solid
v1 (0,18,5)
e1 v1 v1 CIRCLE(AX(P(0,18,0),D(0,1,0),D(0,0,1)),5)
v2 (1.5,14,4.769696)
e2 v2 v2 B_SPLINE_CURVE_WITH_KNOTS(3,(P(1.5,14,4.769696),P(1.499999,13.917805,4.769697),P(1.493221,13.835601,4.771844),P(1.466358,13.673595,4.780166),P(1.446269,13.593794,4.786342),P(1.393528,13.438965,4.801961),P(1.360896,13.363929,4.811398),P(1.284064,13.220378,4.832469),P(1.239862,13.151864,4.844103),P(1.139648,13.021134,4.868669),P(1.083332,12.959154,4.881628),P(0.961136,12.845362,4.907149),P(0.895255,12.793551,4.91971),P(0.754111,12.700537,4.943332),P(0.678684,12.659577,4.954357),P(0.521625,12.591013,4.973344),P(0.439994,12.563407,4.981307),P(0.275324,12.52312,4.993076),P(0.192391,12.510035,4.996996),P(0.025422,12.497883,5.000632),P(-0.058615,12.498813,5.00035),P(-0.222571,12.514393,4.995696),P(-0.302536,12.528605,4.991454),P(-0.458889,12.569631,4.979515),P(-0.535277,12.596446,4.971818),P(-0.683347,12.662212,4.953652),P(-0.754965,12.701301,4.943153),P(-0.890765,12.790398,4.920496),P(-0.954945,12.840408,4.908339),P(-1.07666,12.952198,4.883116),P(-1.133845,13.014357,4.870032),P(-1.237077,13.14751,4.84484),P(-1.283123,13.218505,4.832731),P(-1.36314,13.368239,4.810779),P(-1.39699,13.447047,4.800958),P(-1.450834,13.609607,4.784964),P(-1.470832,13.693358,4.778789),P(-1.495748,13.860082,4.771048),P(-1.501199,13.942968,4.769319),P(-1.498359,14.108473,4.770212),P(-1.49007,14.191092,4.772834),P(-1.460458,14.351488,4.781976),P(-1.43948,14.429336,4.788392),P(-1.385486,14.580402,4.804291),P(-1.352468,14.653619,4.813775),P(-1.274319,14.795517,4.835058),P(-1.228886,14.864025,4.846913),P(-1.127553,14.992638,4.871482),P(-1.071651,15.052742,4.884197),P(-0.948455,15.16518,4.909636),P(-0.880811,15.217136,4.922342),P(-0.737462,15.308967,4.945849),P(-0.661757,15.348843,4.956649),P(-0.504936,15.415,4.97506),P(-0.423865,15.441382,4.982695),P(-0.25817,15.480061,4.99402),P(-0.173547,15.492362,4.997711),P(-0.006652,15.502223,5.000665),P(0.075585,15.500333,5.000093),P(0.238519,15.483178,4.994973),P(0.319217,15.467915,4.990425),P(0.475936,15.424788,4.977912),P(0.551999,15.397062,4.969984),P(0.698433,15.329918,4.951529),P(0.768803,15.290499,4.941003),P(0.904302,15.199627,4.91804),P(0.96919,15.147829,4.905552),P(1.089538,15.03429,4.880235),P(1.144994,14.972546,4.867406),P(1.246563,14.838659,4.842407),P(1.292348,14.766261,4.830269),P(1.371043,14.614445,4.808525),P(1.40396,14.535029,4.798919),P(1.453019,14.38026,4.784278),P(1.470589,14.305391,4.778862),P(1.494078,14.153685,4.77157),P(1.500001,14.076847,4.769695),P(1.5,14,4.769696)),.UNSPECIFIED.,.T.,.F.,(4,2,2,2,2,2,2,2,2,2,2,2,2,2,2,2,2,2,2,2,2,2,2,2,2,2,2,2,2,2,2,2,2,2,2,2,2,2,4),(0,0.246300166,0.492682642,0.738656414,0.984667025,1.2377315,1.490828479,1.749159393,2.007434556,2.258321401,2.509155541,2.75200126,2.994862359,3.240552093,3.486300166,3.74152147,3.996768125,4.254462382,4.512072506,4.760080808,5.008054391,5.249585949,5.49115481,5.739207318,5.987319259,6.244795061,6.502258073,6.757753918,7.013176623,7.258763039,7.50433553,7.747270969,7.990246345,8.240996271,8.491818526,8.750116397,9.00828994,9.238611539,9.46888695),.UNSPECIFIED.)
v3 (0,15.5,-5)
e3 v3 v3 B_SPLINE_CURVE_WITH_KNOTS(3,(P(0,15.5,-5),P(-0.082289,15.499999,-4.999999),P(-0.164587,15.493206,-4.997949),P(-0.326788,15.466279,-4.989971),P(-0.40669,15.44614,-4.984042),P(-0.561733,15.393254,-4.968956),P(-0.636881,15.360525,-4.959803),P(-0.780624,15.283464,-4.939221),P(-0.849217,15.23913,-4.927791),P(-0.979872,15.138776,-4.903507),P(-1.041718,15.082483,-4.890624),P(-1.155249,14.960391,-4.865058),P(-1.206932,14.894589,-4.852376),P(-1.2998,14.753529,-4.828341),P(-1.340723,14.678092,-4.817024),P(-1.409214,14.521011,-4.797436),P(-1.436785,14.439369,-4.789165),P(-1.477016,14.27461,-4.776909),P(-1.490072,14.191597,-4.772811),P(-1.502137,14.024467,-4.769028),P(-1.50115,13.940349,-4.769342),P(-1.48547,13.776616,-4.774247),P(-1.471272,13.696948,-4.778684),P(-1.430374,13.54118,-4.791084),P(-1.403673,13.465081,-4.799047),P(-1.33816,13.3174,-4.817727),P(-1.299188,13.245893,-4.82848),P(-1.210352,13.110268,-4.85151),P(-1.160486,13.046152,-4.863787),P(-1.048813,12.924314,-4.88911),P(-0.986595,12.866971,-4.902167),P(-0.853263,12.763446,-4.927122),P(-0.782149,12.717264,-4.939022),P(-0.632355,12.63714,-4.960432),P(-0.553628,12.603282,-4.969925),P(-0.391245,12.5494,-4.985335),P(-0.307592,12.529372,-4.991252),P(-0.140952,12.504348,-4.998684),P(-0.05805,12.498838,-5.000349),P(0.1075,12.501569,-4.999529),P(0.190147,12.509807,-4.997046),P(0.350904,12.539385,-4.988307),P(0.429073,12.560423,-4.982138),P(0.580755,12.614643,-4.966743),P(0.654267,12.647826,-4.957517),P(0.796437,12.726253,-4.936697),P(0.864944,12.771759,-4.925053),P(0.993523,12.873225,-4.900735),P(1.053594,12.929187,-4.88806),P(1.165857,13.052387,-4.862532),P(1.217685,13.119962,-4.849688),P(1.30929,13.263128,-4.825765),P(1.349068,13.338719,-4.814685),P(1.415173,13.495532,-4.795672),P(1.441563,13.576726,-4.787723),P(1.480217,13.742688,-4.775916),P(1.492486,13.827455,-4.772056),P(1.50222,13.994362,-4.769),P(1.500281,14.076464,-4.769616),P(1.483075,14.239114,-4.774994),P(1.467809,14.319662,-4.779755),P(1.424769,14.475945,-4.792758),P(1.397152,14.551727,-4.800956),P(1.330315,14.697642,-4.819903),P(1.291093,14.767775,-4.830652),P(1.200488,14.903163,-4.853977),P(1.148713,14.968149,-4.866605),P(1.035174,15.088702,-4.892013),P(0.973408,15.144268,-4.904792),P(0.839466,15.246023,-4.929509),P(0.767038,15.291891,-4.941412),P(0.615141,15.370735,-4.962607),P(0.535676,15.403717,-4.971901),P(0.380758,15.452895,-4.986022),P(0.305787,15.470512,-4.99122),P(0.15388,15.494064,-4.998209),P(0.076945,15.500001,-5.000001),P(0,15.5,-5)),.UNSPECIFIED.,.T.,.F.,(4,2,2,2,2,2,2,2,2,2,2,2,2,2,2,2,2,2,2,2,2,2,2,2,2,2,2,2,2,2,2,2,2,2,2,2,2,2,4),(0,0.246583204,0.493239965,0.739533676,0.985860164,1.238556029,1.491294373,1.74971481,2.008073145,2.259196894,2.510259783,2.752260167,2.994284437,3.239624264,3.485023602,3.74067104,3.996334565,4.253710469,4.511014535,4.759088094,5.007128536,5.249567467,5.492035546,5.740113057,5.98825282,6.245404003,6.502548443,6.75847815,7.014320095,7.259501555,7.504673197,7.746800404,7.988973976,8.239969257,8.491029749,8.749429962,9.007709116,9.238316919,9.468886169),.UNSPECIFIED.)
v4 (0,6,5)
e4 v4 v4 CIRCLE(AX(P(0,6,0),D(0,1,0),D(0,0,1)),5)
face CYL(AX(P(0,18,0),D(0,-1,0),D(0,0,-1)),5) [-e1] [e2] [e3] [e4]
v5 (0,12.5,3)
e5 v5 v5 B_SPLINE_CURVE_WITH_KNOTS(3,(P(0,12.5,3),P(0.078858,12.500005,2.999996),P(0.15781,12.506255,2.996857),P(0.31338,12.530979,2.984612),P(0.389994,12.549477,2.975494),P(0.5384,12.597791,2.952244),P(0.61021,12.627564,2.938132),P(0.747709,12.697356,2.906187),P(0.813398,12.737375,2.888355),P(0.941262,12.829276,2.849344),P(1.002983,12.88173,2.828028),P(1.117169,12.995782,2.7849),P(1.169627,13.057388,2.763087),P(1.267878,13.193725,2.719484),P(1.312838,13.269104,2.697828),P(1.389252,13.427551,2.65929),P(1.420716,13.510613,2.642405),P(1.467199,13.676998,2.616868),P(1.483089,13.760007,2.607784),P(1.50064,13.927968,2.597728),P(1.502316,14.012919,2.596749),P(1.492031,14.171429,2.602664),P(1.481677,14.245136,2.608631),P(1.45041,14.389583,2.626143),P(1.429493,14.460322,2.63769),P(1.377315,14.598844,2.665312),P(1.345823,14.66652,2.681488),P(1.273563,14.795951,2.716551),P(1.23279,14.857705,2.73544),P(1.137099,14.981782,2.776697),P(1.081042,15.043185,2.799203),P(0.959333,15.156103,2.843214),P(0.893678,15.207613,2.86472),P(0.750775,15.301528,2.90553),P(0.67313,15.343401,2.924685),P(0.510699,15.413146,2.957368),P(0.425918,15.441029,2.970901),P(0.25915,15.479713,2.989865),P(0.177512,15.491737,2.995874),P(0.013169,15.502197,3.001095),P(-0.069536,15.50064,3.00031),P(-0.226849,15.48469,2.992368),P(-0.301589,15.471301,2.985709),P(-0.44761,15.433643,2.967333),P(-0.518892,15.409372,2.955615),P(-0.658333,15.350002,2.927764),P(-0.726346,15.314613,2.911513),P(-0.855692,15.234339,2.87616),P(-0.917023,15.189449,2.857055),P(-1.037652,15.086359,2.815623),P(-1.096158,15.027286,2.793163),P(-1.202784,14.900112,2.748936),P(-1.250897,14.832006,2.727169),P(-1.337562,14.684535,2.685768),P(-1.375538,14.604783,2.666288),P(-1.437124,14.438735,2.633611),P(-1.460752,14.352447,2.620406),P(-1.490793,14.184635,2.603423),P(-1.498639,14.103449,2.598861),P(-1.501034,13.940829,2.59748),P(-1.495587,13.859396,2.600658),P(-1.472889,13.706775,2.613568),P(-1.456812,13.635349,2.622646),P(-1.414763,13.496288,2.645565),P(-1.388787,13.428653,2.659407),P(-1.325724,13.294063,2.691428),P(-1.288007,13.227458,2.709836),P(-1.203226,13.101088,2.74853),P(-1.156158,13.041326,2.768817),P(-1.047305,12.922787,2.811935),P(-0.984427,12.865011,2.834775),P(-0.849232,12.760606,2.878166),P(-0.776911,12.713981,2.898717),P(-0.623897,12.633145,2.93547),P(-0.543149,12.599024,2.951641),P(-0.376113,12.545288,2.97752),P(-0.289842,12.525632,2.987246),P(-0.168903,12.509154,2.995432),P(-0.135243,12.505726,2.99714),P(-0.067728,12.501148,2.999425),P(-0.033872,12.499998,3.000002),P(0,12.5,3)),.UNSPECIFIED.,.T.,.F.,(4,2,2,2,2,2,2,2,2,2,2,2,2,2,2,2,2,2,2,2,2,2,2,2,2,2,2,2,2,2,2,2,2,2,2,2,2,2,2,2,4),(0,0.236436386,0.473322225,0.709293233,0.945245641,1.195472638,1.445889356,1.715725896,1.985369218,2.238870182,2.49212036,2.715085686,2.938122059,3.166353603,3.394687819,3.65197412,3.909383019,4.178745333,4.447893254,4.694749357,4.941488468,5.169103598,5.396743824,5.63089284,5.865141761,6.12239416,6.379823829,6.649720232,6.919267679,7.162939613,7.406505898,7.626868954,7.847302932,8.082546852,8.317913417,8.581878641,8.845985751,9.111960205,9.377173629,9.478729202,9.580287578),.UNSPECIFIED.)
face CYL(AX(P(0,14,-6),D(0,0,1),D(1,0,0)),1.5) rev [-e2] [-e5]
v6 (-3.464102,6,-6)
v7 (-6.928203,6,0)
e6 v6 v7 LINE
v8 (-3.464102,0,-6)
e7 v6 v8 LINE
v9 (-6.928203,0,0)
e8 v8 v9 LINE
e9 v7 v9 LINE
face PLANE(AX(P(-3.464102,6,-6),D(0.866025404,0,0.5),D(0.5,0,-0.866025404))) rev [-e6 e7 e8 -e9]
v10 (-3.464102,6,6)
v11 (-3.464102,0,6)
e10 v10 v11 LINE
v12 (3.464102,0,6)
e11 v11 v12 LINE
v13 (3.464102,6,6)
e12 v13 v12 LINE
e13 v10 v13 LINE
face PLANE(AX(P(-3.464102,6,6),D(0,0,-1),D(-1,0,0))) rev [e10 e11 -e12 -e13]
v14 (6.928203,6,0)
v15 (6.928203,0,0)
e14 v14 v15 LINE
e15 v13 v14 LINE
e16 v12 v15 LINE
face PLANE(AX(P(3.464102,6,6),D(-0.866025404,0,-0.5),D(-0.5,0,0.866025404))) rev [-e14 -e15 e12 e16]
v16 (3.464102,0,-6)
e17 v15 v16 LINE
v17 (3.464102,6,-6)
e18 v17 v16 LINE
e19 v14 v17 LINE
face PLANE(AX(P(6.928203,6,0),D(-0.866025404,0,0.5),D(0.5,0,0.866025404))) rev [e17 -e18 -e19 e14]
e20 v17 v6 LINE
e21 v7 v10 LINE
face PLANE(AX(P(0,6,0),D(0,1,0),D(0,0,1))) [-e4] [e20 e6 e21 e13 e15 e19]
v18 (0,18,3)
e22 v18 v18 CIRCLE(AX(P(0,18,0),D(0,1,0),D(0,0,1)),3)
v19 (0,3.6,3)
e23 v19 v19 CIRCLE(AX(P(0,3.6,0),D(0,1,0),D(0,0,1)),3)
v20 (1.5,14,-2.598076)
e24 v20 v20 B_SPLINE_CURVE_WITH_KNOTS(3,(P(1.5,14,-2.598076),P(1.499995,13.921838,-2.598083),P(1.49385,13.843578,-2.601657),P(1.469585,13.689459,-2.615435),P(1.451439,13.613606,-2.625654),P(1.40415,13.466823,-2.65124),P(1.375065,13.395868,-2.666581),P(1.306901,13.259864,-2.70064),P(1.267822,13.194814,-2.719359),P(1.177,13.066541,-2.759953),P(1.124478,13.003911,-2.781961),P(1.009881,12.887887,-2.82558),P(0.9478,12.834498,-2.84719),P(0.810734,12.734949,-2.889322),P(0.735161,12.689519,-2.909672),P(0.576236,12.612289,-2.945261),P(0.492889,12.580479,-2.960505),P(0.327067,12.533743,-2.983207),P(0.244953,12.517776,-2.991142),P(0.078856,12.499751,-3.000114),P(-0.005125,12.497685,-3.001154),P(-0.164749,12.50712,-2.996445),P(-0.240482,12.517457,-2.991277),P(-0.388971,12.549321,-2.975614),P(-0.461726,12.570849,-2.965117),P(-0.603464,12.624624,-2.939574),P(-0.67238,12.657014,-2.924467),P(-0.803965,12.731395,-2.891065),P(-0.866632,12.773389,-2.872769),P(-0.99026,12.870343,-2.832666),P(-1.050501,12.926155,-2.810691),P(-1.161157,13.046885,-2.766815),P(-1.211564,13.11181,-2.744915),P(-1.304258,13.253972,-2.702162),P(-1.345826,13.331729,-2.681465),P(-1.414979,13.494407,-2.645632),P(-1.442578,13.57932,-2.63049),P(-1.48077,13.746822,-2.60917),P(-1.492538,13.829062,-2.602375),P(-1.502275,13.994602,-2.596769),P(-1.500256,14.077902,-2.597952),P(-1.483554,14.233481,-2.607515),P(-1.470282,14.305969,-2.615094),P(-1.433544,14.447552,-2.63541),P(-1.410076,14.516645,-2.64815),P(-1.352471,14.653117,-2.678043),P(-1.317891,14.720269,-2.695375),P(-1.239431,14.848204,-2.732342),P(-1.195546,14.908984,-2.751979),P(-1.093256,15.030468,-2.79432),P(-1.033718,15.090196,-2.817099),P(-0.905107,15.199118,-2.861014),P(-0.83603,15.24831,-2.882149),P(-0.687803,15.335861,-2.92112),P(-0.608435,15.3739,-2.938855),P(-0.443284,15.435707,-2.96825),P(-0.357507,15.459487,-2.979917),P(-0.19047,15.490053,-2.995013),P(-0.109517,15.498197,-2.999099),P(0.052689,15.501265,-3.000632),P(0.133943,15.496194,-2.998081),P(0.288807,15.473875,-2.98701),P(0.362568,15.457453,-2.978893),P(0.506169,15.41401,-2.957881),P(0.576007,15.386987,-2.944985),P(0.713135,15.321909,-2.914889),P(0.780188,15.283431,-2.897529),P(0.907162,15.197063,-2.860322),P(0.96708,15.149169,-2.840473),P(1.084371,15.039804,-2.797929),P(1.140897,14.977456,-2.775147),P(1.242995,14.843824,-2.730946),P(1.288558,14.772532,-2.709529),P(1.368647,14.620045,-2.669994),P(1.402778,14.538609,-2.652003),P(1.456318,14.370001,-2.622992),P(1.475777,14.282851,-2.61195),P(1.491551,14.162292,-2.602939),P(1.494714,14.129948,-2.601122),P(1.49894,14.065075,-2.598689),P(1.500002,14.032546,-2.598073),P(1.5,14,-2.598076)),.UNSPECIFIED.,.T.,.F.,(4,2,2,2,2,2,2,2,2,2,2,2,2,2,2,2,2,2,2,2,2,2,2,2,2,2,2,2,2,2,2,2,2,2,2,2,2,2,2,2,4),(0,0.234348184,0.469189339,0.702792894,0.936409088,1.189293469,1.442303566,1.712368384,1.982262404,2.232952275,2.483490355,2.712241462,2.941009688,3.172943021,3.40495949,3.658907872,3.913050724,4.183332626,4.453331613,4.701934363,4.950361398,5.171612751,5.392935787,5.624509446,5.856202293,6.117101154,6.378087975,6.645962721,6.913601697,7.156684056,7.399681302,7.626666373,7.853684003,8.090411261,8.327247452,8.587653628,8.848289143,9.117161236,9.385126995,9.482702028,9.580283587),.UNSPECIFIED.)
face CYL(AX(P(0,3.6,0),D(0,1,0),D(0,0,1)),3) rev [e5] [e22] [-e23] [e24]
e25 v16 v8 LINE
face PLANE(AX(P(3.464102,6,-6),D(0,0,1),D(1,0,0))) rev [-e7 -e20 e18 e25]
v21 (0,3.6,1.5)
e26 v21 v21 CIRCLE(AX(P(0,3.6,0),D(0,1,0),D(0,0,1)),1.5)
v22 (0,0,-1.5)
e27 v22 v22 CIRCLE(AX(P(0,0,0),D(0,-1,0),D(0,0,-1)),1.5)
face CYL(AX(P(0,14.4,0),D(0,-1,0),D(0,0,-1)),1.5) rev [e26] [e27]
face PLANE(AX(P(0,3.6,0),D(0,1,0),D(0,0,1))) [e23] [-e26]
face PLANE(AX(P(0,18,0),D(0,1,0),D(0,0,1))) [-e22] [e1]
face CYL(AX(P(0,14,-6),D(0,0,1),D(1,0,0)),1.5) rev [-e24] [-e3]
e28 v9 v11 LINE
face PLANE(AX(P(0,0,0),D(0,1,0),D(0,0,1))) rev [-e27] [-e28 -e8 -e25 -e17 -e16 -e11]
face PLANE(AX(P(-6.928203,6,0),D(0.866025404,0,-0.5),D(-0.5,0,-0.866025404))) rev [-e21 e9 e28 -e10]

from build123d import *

# Parameters (mm, degrees)
BOSS_EXTRUDE1_DEPTH     = 6
SKETCH3_R               = 5
BOSS_EXTRUDE2_DEPTH     = 12
SKETCH4_R               = 3
CUT_EXTRUDE1_DEPTH      = 14.4
CUT_EXTRUDE2_DEPTH      = 21.199009877
CUT_EXTRUDE2_DEPTH_BACK = 21.199009877
SKETCH5_R               = 1.5
SKETCH6_R               = 1.5
CUT_EXTRUDE3_DEPTH      = 14.4


with BuildPart() as part:
    # Sketch1 → Boss-Extrude1 (new body)
    with BuildSketch(Plane(origin=(0, 0, 0), x_dir=(1, 0, 0), z_dir=(0, 1, 0))):
        Polygon((6.92820323, 0), (3.464101615, 6), (-3.464101615, 6), (-6.92820323, 0), (-3.464101615, -6), (3.464101615, -6), align=None)
    extrude(amount=BOSS_EXTRUDE1_DEPTH)

    # Sketch3 → Boss-Extrude2 (add)
    with BuildSketch(Plane(origin=(0, 6, 0), x_dir=(1, 0, 0), z_dir=(0, 1, 0))):
        with Locations(Location((0, 0, 0), (0, 0, 270))):
            Circle(SKETCH3_R)
    extrude(amount=BOSS_EXTRUDE2_DEPTH)

    # Sketch4 → Cut-Extrude1 (cut)
    with BuildSketch(Plane(origin=(0, 18, 0), x_dir=(1, 0, 0), z_dir=(0, 1, 0))):
        with Locations(Location((0, 0, 0), (0, 0, 270))):
            Circle(SKETCH4_R)
    extrude(amount=-CUT_EXTRUDE1_DEPTH, mode=Mode.SUBTRACT)

    # Sketch5 → Cut-Extrude2 (cut, two sides: drawn at the far end of the back side and taken through both)
    with BuildSketch(Plane.XY.offset(-CUT_EXTRUDE2_DEPTH_BACK)):
        with Locations((0, 14)):
            Circle(SKETCH5_R)
    extrude(amount=CUT_EXTRUDE2_DEPTH + CUT_EXTRUDE2_DEPTH_BACK, mode=Mode.SUBTRACT)

    # Sketch6 → Cut-Extrude3 (cut)
    with BuildSketch(Plane.XZ):
        with Locations(Location((0, 0, 0), (0, 0, 270))):
            Circle(SKETCH6_R)
    extrude(amount=-CUT_EXTRUDE3_DEPTH, mode=Mode.SUBTRACT)


solid = part.part
